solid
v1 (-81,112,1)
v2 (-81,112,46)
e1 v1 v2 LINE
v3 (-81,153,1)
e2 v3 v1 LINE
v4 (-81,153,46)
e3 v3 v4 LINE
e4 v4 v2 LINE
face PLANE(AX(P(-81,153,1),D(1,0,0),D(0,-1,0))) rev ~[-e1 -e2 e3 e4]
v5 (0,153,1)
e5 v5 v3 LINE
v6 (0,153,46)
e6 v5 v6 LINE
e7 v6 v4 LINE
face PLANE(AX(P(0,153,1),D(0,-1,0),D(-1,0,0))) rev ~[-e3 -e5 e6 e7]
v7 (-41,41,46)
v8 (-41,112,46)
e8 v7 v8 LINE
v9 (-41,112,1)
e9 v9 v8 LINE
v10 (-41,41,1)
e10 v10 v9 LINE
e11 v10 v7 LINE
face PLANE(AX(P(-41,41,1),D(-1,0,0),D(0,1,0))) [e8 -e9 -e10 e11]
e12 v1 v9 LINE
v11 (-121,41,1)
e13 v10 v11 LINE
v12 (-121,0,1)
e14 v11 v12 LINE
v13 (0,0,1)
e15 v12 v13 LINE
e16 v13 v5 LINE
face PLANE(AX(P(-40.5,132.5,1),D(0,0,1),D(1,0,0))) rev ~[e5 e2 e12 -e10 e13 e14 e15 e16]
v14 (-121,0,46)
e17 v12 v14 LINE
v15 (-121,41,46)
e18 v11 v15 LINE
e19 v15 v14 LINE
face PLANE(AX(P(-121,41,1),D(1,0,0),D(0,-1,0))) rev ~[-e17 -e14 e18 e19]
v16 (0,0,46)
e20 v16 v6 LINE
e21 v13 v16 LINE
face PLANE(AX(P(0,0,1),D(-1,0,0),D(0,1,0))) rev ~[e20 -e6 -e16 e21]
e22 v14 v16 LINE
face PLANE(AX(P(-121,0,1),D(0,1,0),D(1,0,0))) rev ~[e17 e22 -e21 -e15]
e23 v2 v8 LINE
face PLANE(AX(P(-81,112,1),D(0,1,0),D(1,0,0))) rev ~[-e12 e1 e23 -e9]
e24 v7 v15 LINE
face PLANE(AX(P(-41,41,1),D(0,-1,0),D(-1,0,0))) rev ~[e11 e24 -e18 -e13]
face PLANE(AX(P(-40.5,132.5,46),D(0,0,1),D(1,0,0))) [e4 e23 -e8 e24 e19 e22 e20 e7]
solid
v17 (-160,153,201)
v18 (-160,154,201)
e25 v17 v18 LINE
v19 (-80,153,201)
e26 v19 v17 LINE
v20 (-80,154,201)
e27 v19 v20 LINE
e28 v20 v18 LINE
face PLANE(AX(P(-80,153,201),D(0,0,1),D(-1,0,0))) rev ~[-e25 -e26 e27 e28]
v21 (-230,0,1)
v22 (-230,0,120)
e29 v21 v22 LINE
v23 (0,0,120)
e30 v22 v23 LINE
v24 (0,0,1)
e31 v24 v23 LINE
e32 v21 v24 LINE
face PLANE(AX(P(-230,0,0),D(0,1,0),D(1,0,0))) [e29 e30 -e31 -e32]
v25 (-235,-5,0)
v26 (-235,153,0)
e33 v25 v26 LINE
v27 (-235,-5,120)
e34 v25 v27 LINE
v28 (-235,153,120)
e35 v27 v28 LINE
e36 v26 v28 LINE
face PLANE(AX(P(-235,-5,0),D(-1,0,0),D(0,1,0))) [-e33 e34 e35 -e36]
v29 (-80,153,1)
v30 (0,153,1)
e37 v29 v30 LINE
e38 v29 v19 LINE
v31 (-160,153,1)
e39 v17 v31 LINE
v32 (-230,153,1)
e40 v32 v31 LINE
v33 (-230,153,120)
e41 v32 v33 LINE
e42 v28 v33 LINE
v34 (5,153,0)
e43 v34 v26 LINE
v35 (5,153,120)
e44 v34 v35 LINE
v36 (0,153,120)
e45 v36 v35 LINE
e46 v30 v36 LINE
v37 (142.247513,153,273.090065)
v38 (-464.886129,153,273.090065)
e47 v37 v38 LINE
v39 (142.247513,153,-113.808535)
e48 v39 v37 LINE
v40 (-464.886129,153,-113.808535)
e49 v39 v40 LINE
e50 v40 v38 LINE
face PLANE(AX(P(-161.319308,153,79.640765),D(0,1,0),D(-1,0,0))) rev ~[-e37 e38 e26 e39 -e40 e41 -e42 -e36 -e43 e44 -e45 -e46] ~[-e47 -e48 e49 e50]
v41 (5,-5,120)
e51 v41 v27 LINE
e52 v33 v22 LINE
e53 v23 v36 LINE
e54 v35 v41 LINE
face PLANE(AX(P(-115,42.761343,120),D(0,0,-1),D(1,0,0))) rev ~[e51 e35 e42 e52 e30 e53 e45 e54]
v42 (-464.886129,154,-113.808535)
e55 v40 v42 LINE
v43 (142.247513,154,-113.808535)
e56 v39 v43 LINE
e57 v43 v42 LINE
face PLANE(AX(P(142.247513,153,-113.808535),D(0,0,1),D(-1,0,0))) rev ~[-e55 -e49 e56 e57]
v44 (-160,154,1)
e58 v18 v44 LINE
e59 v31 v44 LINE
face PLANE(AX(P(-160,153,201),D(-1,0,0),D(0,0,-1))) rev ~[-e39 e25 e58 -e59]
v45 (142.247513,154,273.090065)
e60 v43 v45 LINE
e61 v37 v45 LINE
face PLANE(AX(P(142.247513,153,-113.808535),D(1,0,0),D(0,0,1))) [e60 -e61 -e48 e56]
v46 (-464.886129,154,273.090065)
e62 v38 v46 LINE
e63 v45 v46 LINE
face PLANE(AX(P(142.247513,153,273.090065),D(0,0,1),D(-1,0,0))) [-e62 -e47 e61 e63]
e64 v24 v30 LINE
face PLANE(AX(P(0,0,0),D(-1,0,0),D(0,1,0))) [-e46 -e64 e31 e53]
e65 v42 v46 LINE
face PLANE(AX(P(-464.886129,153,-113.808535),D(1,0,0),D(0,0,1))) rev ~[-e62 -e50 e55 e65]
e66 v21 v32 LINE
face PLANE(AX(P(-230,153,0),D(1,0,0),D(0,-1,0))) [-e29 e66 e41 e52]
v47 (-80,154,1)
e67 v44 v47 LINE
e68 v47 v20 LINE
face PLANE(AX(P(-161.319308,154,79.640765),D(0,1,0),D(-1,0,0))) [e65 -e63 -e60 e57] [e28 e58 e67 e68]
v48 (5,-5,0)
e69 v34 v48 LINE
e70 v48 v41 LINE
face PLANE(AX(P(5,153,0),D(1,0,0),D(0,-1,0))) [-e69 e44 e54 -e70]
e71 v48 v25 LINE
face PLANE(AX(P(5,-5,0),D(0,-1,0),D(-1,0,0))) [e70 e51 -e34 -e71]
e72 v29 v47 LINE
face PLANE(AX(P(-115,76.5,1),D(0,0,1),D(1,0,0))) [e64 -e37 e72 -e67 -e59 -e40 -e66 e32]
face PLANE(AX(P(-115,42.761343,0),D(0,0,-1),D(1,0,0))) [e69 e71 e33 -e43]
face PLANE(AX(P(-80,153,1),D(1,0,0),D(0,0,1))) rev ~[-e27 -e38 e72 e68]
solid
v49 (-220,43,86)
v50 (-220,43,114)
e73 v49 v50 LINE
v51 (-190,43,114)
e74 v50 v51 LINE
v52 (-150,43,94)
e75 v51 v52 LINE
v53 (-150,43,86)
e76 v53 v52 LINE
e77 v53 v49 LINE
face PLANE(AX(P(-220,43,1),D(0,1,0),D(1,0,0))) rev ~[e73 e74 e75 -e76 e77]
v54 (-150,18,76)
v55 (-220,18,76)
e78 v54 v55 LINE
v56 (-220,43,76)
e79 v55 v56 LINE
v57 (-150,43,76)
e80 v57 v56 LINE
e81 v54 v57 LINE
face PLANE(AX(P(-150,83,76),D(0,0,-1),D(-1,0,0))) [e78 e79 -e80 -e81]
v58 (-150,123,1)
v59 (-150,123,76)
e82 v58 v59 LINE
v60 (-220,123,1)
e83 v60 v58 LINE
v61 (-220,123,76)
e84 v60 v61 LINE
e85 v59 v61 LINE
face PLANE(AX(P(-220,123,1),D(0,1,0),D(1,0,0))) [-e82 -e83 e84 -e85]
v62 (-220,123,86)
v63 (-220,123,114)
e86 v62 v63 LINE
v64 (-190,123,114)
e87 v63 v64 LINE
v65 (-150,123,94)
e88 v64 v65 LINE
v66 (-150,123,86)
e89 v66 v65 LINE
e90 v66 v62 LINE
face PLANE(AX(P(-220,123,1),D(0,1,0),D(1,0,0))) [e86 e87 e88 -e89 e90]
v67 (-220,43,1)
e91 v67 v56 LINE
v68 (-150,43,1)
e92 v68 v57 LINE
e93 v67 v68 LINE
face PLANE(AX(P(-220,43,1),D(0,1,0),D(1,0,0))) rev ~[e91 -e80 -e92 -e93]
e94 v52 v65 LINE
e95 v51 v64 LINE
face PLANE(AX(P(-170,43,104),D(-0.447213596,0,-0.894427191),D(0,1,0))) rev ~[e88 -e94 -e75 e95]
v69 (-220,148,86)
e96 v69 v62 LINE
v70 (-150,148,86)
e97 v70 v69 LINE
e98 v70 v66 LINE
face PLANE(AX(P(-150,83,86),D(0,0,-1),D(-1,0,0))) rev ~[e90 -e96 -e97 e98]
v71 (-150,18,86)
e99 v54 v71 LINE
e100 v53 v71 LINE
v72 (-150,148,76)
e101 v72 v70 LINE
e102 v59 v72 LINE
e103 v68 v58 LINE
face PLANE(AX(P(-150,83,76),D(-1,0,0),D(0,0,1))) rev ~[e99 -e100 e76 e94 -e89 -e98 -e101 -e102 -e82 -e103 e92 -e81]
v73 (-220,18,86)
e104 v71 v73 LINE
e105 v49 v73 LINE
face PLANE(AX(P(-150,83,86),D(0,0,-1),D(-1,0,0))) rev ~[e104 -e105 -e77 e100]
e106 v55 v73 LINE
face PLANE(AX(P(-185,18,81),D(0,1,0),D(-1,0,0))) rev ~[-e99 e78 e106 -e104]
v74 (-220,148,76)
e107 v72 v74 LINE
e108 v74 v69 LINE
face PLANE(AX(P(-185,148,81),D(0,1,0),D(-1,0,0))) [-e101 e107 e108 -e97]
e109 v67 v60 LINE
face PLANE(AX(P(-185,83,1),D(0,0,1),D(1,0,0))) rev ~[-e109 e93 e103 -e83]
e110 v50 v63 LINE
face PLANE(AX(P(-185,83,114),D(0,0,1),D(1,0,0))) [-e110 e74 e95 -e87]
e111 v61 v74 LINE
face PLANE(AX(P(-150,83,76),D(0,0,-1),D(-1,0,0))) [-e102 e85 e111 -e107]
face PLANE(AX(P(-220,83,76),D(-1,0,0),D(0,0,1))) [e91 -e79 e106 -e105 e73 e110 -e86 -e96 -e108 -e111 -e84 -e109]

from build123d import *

# Parameters (mm, degrees)
F0_W      = 230
F0_H      = 153
F1_DEPTH  = 1
F3_DEPTH  = 120
F4_W      = 607.133641839
F4_H      = 386.898599565
F5_DEPTH  = 1
F6_W      = 41
F6_H      = 71
F7_DEPTH  = 45
F8_W      = 70
F8_H      = 80
F9_DEPTH  = 113
F11_W     = 70
F11_H     = 10
F12_DEPTH = 65
F13_SIZE2 = 20
F13_SIZE  = 40


with BuildPart() as f1:
    # F0 (on Top) → F1 (new body)
    with BuildSketch(Plane.XY):
        with Locations((-115, 76.5)):
            Rectangle(F0_W, F0_H)
    extrude(amount=F1_DEPTH)

    # F2 (on face) → F3 (join)
    with BuildSketch(Plane(origin=(0, 0, 0), x_dir=(1, 0, 0), z_dir=(0, 0, -1))):
        Polygon((-230, -153), (-230, 0), (0, 0), (0, -153), (5, -153), (5, 5), (-235, 5), (-235, -153), align=None)
    extrude(amount=-F3_DEPTH)

    # F4 (on face) → F5 (join)
    with BuildSketch(Plane(origin=(0, 153, 0), x_dir=(-1, 0, 0), z_dir=(0, 1, 0))):
        with Locations((161.3193079829, 79.6407647431)):
            Rectangle(F4_W, F4_H)
        Polygon((0, 120), (0, 1), (80, 1), (80, 201), (160, 201), (160, 1), (230, 1), (230, 120), (235, 120), (235, 0), (-5, 0), (-5, 120), align=None, mode=Mode.SUBTRACT)
        Polygon((80, 1), (0, 1), (0, 120), (-5, 120), (-5, 0), (235, 0), (235, 120), (230, 120), (230, 1), (160, 1), align=None)
    extrude(amount=F5_DEPTH)


with BuildPart() as f7:
    # F6 (on face) → F7 (new body)
    with BuildSketch(Plane.XY.offset(1)):
        Polygon((-41, 112), (0, 112), (0, 153), (-80, 153), (-81, 153), (-81, 112), align=None)
        with Locations((-20.5, 76.5)):
            Rectangle(F6_W, F6_H)
        Polygon((-121, 41), (-121, 0), (0, 0), (0, 41), (-41, 41), align=None)
    extrude(amount=F7_DEPTH)


with BuildPart() as f9:
    # F8 (on face) → F9 (new body)
    with BuildSketch(Plane.XY.offset(1)):
        with Locations((-185, 83)):
            Rectangle(F8_W, F8_H)
    extrude(amount=F9_DEPTH)

    # F11 (on offset) → F12 (join, symmetric)
    with BuildSketch(Plane(origin=(0, 83, 0), x_dir=(-1, 0, 0), z_dir=(0, 1, 0))):
        with Locations((185, 81)):
            Rectangle(F11_W, F11_H)
    extrude(amount=F12_DEPTH, both=True)

    # F13
    f13_edges = [f9.edges().sort_by_distance(p)[0] for p in [
        (-150, 83, 114),
    ]]
    f13_side = f9.faces().sort_by_distance((-185, 83, 114))[0]
    chamfer(f13_edges, length=F13_SIZE, length2=F13_SIZE2, reference=f13_side)


solid = Compound([f1.part, f7.part, f9.part])
